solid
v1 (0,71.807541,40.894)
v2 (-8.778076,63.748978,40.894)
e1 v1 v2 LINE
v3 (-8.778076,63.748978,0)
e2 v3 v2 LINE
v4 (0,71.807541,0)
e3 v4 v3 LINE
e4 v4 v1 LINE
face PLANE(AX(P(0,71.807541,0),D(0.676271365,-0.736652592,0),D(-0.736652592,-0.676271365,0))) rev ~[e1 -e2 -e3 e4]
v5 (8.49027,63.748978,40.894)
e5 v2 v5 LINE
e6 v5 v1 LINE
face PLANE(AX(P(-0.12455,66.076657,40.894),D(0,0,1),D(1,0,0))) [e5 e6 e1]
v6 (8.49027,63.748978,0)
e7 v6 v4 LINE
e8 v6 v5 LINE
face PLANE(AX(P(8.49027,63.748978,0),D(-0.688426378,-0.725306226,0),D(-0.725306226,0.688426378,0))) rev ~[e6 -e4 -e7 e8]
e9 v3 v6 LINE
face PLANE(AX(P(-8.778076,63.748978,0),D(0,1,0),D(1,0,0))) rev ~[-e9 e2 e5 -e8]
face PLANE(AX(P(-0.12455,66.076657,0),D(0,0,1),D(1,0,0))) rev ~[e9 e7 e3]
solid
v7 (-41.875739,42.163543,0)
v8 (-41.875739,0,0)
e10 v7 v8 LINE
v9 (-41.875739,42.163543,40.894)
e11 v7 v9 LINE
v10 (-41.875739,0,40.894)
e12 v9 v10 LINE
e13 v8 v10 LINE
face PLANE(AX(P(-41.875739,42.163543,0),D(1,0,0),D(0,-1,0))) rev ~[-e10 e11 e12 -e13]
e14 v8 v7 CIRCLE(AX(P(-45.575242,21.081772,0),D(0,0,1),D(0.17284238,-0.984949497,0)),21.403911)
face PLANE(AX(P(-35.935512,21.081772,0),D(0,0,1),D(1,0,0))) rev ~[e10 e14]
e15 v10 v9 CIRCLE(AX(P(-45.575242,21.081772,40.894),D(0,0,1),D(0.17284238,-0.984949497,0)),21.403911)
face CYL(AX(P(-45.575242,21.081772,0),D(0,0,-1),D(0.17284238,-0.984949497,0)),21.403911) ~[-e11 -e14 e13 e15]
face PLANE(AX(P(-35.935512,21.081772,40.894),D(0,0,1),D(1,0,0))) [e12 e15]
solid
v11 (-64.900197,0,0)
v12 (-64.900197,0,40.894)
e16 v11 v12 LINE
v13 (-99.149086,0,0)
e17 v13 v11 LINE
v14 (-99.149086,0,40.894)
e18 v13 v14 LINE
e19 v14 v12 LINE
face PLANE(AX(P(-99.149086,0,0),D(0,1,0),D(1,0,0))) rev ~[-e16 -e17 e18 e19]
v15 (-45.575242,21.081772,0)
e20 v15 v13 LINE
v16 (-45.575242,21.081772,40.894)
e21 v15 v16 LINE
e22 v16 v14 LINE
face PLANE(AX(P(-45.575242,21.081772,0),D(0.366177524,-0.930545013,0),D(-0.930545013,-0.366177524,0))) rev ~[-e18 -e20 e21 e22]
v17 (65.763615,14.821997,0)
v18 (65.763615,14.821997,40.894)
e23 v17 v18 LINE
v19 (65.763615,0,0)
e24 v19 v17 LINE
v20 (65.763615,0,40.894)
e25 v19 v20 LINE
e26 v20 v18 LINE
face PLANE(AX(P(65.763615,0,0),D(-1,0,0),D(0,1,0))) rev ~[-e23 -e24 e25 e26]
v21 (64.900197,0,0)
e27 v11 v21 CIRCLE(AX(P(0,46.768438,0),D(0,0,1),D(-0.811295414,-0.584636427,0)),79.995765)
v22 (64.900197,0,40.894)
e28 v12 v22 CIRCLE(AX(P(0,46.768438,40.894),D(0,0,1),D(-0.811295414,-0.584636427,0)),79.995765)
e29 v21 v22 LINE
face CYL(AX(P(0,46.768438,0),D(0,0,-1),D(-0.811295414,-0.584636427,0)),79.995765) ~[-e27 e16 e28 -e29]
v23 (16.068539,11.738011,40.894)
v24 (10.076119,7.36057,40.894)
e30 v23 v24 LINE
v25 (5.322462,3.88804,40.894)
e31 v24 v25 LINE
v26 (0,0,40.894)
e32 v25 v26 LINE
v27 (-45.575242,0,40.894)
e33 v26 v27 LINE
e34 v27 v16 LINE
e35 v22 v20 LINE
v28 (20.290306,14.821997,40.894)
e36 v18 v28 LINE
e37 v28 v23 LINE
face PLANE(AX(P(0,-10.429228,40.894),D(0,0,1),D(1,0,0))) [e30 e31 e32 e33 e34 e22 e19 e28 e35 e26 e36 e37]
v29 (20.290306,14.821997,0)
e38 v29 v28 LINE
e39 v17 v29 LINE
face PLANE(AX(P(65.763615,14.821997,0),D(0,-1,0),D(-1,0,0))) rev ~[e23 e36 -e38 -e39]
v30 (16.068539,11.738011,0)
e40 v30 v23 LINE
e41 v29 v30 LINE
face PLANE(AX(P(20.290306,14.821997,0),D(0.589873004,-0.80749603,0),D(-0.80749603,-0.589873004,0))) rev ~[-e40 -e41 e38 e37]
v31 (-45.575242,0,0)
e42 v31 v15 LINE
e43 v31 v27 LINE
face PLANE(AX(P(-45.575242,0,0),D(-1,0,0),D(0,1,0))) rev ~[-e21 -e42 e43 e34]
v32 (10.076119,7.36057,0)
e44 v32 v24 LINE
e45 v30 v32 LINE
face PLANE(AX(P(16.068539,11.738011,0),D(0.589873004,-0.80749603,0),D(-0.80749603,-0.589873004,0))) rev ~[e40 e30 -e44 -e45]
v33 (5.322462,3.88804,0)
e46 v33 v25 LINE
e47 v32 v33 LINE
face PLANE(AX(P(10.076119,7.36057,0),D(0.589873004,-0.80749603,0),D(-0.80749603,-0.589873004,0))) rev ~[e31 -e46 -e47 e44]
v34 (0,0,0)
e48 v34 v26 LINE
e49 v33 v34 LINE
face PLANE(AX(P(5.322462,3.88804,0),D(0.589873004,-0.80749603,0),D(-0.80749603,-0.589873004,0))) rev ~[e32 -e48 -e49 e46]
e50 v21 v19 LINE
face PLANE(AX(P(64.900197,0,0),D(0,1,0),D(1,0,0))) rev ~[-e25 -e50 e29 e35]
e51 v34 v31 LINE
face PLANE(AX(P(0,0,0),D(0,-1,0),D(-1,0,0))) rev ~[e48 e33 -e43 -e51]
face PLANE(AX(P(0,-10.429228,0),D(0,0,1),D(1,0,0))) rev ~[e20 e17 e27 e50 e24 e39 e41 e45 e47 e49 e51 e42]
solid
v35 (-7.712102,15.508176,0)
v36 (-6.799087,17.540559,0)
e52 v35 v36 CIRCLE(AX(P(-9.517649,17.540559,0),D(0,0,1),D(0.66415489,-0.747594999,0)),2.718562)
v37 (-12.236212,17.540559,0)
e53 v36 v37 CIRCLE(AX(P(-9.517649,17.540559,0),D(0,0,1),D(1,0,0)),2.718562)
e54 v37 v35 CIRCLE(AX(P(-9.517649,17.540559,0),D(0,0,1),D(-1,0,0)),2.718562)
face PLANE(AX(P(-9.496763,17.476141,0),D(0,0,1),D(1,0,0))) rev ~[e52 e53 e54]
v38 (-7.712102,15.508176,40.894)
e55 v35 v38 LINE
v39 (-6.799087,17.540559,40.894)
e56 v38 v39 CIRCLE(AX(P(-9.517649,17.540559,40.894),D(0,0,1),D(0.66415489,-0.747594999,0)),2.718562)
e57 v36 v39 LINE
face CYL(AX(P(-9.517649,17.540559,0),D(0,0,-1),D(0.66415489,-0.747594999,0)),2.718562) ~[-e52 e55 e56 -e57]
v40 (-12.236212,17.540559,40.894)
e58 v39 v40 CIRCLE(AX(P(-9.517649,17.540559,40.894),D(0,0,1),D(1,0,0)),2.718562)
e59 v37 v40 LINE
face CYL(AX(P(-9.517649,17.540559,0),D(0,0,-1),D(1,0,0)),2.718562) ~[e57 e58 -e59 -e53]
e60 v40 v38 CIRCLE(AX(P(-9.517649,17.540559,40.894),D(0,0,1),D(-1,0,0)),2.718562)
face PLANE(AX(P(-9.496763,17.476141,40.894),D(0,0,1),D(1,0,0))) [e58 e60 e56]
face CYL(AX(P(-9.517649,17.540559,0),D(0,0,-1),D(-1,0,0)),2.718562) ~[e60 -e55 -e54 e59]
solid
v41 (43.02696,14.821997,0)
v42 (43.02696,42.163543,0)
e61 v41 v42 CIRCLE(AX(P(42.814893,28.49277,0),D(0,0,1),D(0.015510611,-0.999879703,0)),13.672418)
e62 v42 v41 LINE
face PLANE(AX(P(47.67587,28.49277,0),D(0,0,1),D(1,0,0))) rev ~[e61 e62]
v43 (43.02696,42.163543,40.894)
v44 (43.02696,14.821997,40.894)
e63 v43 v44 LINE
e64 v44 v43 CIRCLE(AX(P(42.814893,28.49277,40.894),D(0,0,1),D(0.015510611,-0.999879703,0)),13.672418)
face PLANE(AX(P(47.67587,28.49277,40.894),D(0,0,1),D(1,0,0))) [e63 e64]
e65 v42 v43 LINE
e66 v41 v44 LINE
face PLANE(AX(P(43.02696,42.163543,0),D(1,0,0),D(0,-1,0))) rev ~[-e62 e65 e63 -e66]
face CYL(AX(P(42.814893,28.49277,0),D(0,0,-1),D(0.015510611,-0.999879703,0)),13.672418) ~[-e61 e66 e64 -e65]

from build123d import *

# Parameters (mm, degrees)
F1_DEPTH = 40.894


with BuildPart() as f1:
    # F0 (on Top) → F1 (new body)
    with BuildSketch(Plane.XY):
        with BuildLine():
            Line((-45.5752416326, 0), (-64.9001970887, 0))
            ThreePointArc((-64.9001970887, 0), (0, -33.2273267029), (64.9001970887, 0))
            Line((64.9001970887, 0), (64.6123960614, 0))
            Line((64.6123960614, 0), (64.0367791057, 0))
            Line((64.0367791057, 0), (20.290305838, 0))
            Line((20.290305838, 0), (0, 0))
            Line((0, 0), (-11.0560013884, 0))
            Line((-11.0560013884, 0), (-41.8757386506, 0))
            Line((-41.8757386506, 0), (-45.5752416326, 0))
        make_face()
        Polygon((64.6123960614, 0), (64.9001970887, 0), (65.7636150718, 0), (65.7636150718, 14.8219969124), (43.0269604549, 14.8219969124), (20.290305838, 14.8219969124), (20.290305838, 0), (64.0367791057, 0), align=None)
        Polygon((-99.1490855813, 0), (-64.9001970887, 0), (-45.5752416326, 0), (-45.5752416326, 21.0817717016), align=None)
        Polygon((5.3224623598, 3.8880399977), (20.290305838, 0), (10.0761194493, 7.3605697499), align=None)
        Polygon((5.3224623598, 3.8880399977), (0, 0), (20.290305838, 0), align=None)
        Polygon((16.0685388584, 11.7380110111), (20.290305838, 0), (20.290305838, 14.8219969124), align=None)
        Polygon((10.0761194493, 7.3605697499), (20.290305838, 0), (16.0685388584, 11.7380110111), align=None)
    extrude(amount=F1_DEPTH)


with BuildPart() as f1b:
    # F0 (on Top) → F1, piece 2 (new body)
    with BuildSketch(Plane.XY):
        with BuildLine():
            Line((-41.8757386506, 42.1635434031), (-41.8757386506, 0))
            ThreePointArc((-41.8757386506, 0), (-24.1713302987, 21.0817717016), (-41.8757386506, 42.1635434031))
        make_face()
    extrude(amount=F1_DEPTH)


with BuildPart() as f1c:
    # F0 (on Top) → F1, piece 3 (new body)
    with BuildSketch(Plane.XY):
        Polygon((-8.7780756876, 63.7489780784), (0, 63.7489780784), (8.4902700037, 63.7489780784), (0, 71.8075409532), align=None)
    extrude(amount=F1_DEPTH)


with BuildPart() as f1d:
    # F0 (on Top) → F1, piece 4 (new body)
    with BuildSketch(Plane.XY):
        with BuildLine():
            Line((43.0269604549, 42.1635434031), (43.0269604549, 14.8219969124))
            ThreePointArc((43.0269604549, 14.8219969124), (56.4873108865, 28.4927701578), (43.0269604549, 42.1635434031))
        make_face()
    extrude(amount=F1_DEPTH)


with BuildPart() as f1e:
    # F0 (on Top) → F1, piece 5 (new body)
    with BuildSketch(Plane.XY):
        with BuildLine():
            ThreePointArc((-6.7990865358, 17.5405594115), (-9.5176490349, 20.2591219106), (-12.2362115341, 17.5405594115))
            ThreePointArc((-12.2362115341, 17.5405594115), (-10.6316712171, 15.0607334823), (-7.7121024571, 15.5081756837))
            ThreePointArc((-7.7121024571, 15.5081756837), (-7.0378231057, 16.4265372293), (-6.7990865358, 17.5405594115))
        make_face()
    extrude(amount=F1_DEPTH)


solid = Compound([f1.part, f1b.part, f1c.part, f1d.part, f1e.part])
